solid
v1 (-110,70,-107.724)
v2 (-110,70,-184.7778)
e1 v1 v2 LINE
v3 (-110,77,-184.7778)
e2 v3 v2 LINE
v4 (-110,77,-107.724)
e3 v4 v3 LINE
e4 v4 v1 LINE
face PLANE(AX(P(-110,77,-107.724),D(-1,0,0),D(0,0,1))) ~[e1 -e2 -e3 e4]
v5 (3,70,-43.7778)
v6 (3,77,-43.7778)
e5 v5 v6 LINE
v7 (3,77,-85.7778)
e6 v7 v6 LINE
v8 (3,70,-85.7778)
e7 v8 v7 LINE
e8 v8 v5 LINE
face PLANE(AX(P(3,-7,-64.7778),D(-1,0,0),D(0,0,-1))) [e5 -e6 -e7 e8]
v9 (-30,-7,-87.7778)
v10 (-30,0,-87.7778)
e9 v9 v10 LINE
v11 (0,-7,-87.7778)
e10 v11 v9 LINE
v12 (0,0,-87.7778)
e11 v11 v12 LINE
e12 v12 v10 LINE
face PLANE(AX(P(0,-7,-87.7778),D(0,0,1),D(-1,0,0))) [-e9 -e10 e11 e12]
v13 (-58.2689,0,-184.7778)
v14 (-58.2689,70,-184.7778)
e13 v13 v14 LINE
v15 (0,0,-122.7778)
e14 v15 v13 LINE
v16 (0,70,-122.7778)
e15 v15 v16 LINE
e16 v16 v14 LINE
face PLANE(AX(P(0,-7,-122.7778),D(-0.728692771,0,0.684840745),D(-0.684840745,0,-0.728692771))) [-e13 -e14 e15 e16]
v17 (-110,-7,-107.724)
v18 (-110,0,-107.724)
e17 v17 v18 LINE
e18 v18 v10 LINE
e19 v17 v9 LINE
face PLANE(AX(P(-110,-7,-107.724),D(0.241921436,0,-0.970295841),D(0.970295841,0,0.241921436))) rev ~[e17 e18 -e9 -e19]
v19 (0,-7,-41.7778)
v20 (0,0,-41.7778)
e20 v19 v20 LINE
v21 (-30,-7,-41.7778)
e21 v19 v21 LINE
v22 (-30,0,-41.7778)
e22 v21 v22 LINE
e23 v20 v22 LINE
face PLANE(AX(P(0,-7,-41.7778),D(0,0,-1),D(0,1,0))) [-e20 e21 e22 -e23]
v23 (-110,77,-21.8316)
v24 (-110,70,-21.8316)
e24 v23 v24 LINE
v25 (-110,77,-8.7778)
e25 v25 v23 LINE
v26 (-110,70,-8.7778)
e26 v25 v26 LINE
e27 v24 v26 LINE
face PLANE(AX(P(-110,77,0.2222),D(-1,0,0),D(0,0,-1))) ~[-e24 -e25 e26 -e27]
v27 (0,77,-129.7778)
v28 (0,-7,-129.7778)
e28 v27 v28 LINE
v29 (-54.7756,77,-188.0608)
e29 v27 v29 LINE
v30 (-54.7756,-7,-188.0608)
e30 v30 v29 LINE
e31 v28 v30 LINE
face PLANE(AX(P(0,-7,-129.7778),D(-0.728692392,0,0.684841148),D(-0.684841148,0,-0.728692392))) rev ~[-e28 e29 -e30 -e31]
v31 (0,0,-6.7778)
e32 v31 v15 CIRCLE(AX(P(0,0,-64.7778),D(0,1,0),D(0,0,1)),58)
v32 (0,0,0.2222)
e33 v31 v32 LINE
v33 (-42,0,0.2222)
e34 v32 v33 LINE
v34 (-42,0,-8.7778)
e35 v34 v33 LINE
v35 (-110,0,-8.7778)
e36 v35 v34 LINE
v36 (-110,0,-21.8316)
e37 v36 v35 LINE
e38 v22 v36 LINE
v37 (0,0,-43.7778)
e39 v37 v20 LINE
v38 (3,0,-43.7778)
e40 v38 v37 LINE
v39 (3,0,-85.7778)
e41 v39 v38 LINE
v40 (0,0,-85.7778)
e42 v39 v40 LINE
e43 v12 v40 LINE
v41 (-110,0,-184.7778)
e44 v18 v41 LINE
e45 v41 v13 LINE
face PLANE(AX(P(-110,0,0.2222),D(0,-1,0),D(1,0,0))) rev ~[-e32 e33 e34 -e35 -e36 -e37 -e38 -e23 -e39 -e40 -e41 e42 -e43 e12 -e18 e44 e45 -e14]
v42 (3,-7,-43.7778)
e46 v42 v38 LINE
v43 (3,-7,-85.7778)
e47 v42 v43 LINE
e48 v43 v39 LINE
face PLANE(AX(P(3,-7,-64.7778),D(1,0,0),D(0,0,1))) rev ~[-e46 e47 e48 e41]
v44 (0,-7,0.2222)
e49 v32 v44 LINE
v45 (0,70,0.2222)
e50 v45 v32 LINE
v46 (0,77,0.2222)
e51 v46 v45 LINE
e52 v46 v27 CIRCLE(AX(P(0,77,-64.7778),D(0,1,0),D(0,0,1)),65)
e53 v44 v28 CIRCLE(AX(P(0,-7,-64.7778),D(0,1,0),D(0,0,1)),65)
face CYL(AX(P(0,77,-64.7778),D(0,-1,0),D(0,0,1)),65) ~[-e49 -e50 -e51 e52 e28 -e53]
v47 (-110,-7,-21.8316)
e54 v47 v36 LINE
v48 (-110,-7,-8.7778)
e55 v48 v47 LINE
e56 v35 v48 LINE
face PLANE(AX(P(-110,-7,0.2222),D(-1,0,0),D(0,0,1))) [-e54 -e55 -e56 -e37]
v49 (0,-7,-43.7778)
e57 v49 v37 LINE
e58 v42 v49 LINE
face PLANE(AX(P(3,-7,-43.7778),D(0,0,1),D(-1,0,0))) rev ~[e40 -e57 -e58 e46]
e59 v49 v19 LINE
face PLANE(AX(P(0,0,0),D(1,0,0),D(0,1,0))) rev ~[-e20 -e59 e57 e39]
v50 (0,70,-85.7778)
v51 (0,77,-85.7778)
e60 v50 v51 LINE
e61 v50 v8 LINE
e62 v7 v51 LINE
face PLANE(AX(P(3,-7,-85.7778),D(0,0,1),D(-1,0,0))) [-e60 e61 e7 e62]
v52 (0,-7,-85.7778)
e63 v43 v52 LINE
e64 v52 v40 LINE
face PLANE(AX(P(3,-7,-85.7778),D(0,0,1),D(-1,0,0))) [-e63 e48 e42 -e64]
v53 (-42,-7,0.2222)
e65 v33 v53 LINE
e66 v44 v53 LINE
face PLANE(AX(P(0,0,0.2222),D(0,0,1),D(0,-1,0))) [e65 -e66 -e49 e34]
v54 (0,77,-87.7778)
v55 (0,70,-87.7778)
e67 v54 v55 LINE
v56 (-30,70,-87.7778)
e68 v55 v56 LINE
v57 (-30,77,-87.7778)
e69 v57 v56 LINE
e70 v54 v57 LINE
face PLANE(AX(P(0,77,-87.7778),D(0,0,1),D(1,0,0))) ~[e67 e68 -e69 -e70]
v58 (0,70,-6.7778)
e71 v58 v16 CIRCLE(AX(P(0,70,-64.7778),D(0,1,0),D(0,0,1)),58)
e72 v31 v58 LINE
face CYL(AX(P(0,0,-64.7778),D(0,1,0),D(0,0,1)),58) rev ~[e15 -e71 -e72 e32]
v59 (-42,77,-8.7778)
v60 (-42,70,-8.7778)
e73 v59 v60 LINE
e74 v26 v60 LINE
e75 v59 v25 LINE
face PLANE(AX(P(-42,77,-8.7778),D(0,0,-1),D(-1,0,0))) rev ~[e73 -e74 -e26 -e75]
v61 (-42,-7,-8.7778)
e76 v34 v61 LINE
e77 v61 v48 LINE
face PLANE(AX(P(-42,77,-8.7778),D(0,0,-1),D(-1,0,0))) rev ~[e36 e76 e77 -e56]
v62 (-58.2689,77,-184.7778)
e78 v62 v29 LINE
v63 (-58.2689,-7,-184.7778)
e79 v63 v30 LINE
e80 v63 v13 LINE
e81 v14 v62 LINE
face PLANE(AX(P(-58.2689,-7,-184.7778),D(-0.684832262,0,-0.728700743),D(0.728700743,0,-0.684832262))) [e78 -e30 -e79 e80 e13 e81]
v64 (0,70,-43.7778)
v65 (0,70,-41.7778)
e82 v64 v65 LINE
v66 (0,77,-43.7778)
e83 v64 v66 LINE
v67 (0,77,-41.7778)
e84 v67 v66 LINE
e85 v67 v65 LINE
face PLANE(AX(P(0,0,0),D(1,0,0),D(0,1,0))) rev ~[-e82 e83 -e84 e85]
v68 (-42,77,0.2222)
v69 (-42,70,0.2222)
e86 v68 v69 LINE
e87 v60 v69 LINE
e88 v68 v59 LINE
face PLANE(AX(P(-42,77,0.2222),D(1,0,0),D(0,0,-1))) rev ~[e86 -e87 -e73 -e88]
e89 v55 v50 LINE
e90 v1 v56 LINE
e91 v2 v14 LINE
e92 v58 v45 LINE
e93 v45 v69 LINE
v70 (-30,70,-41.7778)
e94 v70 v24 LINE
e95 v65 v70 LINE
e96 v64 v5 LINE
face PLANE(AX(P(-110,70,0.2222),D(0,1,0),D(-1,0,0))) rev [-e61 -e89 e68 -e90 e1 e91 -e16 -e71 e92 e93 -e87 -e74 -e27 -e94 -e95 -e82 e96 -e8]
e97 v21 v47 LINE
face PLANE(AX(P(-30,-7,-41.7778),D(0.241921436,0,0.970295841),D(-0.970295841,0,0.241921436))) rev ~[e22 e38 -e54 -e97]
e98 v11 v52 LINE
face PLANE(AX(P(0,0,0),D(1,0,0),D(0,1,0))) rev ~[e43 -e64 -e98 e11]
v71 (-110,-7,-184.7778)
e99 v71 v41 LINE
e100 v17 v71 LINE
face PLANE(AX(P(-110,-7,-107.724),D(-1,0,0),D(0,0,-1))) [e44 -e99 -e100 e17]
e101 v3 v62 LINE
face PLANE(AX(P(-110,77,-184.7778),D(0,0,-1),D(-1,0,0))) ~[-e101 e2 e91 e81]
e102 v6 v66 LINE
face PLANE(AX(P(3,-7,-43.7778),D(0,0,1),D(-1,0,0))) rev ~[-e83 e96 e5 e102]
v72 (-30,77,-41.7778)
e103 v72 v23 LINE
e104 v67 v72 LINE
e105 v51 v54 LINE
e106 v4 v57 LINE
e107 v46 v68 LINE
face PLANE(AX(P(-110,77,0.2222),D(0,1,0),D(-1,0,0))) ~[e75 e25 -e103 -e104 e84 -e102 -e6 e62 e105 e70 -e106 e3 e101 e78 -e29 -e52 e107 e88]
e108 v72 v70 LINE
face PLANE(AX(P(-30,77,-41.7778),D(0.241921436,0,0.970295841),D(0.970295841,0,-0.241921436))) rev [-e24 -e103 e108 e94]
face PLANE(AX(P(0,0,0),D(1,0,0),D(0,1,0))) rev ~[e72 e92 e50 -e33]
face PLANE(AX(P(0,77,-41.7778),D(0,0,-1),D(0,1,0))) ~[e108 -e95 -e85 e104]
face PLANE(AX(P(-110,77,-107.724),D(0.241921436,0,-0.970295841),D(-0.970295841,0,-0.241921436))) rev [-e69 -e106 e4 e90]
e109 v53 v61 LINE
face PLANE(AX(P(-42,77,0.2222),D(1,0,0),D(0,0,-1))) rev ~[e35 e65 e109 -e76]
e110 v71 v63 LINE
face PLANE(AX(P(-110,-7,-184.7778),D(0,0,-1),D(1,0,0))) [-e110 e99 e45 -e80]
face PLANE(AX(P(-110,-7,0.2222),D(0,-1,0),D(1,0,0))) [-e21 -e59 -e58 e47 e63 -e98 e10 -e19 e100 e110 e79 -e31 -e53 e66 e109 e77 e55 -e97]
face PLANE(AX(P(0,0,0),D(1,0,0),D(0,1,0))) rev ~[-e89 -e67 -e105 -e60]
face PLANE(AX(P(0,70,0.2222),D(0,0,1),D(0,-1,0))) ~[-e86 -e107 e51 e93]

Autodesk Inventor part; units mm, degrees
ref_plane "YZ Plane" through (0, 0, 0) normal (1, 0, 0) x (0, 1, 0)
ref_plane "XZ Plane" through (0, 0, 0) normal (0, 1, 0) x (-1, 0, 0)
ref_plane "XY Plane" through (0, 0, 0) normal (0, 0, 1) x (1, 0, 0)
sketch "Sketch1" plane through (0, 0, 0) normal (1, 0, 0) x (0, 1, 0)
  line L0 (0, -6.7778) -> (70, -6.7778)
  line L1 (70, -6.7778) -> (70, -64.7778)
  line L2 (0, -64.7778) -> (0, -6.7778)
  line L3 (77, -64.7778) -> (77, 0.2222)
  line L4 (77, 0.2222) -> (-7, 0.2222)
  line L5 (-7, 0.2222) -> (-7, -64.7778)
  line L6 (-7, -64.7778) -> (77, -64.7778)
  point P0 (0, 0)
  dimension "d2" = 7
  dimension "d3" = 65
  dimension "d5" = 58
  dimension "d6" = 84
revolve "Revolution1" add sketch "Sketch1" angle 180 about axis through (0, -7, -64.7778) along (0, 1, 0) contours L2 L6 L5 L4 L3 L1 L0
sketch "Sketch2" plane through (0, -7, 0.2222) normal (-1, 0, 0) x (0, 0, 1)
  line L0 (0, 0) -> (-130, 0) projected
  line L1 (0, 0) -> (-130, 0) projected
  line L2 (0, 84) -> (0, 0) projected
  line L3 (0, 84) -> (-130, 84) projected
  line L4 (-130, 84) -> (-130, 0) projected
  line L5 (-7, 7) -> (-123, 7) projected
  line L6 (-123, 7) -> (-123, 77) projected
  line L7 (-7, 77) -> (-123, 77) projected
  line L8 (-7, 7) -> (-7, 77) projected
  line L9 (0, 0) -> (-42, 0)
  line L10 (-42, 0) -> (-42, 7)
  line L11 (-42, 7) -> (0, 7)
  line L12 (0, 7) -> (0, 0)
  line L13 (0, 0) -> (0, 42)
  line L14 (0, 77) -> (0, 84)
  point P0 (-0.2222, 7)
  point P1 (-130, 84)
  dimension "d7" = 42
extrude "Extrusion1" add sketch "Sketch2" along normal blind 110 contours L0 L10 L5 L11 L2
sketch "Sketch3" plane through (-110, -7, 0.2222) normal (0, -1, 0) x (1, 0, 0)
  line L0 (110, -42) -> (110, -130) projected
  arc A0 (110, -130) -> (110, 0) centre (110, -65) ccw projected
  line L1 (110, 0) -> (0, 0) projected
  line L2 (0, -42) -> (0, 0) projected
  line L3 (110, -42) -> (0, -42) projected
  line L4 (110, 0) -> (0, 0)
  line L5 (110, 0) -> (0, 0) projected
  line L6 (110, -42) -> (80, -42)
  line L7 (110, -42) -> (0, -42) projected
  line L8 (0, -42) -> (0, 0) projected
  line L9 (80, -42) -> (0, -22.0538)
  point P0 (110, -0.2222)
  dimension "d11" = 30
  dimension "d13" = 14
extrude "Extrusion2" cut sketch "Sketch3" against normal through all contours L3 L2 L9
ref_plane "Work Plane1" through (-110, 35, 0.2222) normal (0, -1, 0) x (1, 0, 0)
mirror "Mirror1" about plane through (-110, 35, 0.2222) normal (0, -1, 0) of "Extrusion1", "Extrusion2"
sketch "Sketch4" plane through (-110, -7, 0.2222) normal (0, -1, 0) x (1, 0, 0)
  line L0 (0, -22.0538) -> (80, -42) projected
  line L1 (110, -42) -> (80, -42) projected
  line L2 (110, -42) -> (110, -130) projected
  arc A0 (110, -130) -> (110, 0) centre (110, -65) ccw projected
  line L3 (110, 0) -> (0, 0) projected
  line L4 (0, -22.0538) -> (0, 0) projected
  line L5 (110, -84) -> (110, -42)
  line L6 (113, -65) -> (113, -44)
  line L7 (113, -44) -> (110, -44)
  line L8 (110, -44) -> (110, -65)
  line L9 (110, -86) -> (110, -42)
  line L10 (113, -65) -> (113, -86)
  line L11 (113, -86) -> (110, -86)
  line L12 (110, -44) -> (110, -86)
  line L13 (110, -42) -> (110, -123) projected
  point P0 (110, -0.2222)
  point P1 (110, -88)
  dimension "d17" = 21
  dimension "d18" = 3
extrude "Extrusion3" cut sketch "Sketch4" against normal through all contours L7 L6 L10 L11 L2
sketch "Sketch5" plane through (-110, -7, 0.2222) normal (0, -1, 0) x (1, 0, 0)
  line L0 (113, -86) -> (110, -86) projected
  line L1 (110, -86) -> (110, -130) projected
  arc A0 (110, -130) -> (110, 0) centre (110, -65) ccw projected
  line L2 (110, 0) -> (0, 0) projected
  line L3 (0, -22.0538) -> (0, 0) projected
  line L4 (0, -22.0538) -> (80, -42) projected
  line L5 (110, -42) -> (80, -42) projected
  line L6 (110, -42) -> (110, -44) projected
  line L7 (110, -44) -> (113, -44) projected
  line L8 (113, -44) -> (113, -86) projected
  line L9 (110, -130) -> (55.2127, -188.2954)
  arc A1 (110, -123) -> (110, -7) centre (110, -65) ccw projected
  line L10 (110, -123) -> (51.7311, -185)
  line L11 (51.7311, -185) -> (55.2244, -188.283)
  point P0 (110, -0.2222)
  dimension "d21" = 80
extrude "Extrusion4" add sketch "Sketch5" against normal blind 84 contours L1 L9 L11 L10
sketch "Sketch6" plane through (-110, -7, 0.2222) normal (0, -1, 0) x (1, 0, 0)
  line L0 (113, -86) -> (110, -86) projected
  line L1 (110, -86) -> (110, -123) projected
  line L2 (110, -123) -> (51.7311, -185) projected
  line L3 (51.7311, -185) -> (55.2244, -188.283) projected
  line L4 (55.2244, -188.283) -> (110, -130) projected
  arc A0 (110, -130) -> (110, 0) centre (110, -65) ccw projected
  line L5 (110, 0) -> (0, 0) projected
  line L6 (0, -22.0538) -> (0, 0) projected
  line L7 (0, -22.0538) -> (80, -42) projected
  line L8 (110, -42) -> (80, -42) projected
  line L9 (110, -42) -> (110, -44) projected
  line L10 (110, -44) -> (113, -44) projected
  line L11 (113, -44) -> (113, -86) projected
  line L12 (110, -65) -> (80, -65)
  line L13 (0, -107.9462) -> (80, -88)
  line L14 (110, -88) -> (80, -88)
  line L15 (0, -107.9462) -> (0, -185)
  line L16 (0, -185) -> (51.7311, -185)
  line L17 (110, -88) -> (110, -123)
  line L18 (110, -123) -> (51.7311, -185)
  point P0 (110, -0.2222)
extrude "Extrusion5" add sketch "Sketch6" against normal blind 7 contours L1 L2 L16 L15 L13 L14
mirror "Mirror2" about plane through (-110, 35, 0.2222) normal (0, -1, 0) of "Extrusion5"
sketch "Sketch7" plane through (-110, 77, 0.2222) normal (0, 1, 0) x (1, 0, 0)
  line L0 (0, 0) -> (68, 0)
  line L1 (110, 0) -> (0, 0) projected
  line L2 (68, 0) -> (68, 9)
  line L3 (68, 9) -> (0, 9)
  line L4 (0, 9) -> (0, 0)
  point P0 (110, 0.2222)
  dimension "d26" = 68
  dimension "d27" = 9
extrude "Extrusion6" cut sketch "Sketch7" against normal blind 84
properties part number "casco-salida-0,1"
